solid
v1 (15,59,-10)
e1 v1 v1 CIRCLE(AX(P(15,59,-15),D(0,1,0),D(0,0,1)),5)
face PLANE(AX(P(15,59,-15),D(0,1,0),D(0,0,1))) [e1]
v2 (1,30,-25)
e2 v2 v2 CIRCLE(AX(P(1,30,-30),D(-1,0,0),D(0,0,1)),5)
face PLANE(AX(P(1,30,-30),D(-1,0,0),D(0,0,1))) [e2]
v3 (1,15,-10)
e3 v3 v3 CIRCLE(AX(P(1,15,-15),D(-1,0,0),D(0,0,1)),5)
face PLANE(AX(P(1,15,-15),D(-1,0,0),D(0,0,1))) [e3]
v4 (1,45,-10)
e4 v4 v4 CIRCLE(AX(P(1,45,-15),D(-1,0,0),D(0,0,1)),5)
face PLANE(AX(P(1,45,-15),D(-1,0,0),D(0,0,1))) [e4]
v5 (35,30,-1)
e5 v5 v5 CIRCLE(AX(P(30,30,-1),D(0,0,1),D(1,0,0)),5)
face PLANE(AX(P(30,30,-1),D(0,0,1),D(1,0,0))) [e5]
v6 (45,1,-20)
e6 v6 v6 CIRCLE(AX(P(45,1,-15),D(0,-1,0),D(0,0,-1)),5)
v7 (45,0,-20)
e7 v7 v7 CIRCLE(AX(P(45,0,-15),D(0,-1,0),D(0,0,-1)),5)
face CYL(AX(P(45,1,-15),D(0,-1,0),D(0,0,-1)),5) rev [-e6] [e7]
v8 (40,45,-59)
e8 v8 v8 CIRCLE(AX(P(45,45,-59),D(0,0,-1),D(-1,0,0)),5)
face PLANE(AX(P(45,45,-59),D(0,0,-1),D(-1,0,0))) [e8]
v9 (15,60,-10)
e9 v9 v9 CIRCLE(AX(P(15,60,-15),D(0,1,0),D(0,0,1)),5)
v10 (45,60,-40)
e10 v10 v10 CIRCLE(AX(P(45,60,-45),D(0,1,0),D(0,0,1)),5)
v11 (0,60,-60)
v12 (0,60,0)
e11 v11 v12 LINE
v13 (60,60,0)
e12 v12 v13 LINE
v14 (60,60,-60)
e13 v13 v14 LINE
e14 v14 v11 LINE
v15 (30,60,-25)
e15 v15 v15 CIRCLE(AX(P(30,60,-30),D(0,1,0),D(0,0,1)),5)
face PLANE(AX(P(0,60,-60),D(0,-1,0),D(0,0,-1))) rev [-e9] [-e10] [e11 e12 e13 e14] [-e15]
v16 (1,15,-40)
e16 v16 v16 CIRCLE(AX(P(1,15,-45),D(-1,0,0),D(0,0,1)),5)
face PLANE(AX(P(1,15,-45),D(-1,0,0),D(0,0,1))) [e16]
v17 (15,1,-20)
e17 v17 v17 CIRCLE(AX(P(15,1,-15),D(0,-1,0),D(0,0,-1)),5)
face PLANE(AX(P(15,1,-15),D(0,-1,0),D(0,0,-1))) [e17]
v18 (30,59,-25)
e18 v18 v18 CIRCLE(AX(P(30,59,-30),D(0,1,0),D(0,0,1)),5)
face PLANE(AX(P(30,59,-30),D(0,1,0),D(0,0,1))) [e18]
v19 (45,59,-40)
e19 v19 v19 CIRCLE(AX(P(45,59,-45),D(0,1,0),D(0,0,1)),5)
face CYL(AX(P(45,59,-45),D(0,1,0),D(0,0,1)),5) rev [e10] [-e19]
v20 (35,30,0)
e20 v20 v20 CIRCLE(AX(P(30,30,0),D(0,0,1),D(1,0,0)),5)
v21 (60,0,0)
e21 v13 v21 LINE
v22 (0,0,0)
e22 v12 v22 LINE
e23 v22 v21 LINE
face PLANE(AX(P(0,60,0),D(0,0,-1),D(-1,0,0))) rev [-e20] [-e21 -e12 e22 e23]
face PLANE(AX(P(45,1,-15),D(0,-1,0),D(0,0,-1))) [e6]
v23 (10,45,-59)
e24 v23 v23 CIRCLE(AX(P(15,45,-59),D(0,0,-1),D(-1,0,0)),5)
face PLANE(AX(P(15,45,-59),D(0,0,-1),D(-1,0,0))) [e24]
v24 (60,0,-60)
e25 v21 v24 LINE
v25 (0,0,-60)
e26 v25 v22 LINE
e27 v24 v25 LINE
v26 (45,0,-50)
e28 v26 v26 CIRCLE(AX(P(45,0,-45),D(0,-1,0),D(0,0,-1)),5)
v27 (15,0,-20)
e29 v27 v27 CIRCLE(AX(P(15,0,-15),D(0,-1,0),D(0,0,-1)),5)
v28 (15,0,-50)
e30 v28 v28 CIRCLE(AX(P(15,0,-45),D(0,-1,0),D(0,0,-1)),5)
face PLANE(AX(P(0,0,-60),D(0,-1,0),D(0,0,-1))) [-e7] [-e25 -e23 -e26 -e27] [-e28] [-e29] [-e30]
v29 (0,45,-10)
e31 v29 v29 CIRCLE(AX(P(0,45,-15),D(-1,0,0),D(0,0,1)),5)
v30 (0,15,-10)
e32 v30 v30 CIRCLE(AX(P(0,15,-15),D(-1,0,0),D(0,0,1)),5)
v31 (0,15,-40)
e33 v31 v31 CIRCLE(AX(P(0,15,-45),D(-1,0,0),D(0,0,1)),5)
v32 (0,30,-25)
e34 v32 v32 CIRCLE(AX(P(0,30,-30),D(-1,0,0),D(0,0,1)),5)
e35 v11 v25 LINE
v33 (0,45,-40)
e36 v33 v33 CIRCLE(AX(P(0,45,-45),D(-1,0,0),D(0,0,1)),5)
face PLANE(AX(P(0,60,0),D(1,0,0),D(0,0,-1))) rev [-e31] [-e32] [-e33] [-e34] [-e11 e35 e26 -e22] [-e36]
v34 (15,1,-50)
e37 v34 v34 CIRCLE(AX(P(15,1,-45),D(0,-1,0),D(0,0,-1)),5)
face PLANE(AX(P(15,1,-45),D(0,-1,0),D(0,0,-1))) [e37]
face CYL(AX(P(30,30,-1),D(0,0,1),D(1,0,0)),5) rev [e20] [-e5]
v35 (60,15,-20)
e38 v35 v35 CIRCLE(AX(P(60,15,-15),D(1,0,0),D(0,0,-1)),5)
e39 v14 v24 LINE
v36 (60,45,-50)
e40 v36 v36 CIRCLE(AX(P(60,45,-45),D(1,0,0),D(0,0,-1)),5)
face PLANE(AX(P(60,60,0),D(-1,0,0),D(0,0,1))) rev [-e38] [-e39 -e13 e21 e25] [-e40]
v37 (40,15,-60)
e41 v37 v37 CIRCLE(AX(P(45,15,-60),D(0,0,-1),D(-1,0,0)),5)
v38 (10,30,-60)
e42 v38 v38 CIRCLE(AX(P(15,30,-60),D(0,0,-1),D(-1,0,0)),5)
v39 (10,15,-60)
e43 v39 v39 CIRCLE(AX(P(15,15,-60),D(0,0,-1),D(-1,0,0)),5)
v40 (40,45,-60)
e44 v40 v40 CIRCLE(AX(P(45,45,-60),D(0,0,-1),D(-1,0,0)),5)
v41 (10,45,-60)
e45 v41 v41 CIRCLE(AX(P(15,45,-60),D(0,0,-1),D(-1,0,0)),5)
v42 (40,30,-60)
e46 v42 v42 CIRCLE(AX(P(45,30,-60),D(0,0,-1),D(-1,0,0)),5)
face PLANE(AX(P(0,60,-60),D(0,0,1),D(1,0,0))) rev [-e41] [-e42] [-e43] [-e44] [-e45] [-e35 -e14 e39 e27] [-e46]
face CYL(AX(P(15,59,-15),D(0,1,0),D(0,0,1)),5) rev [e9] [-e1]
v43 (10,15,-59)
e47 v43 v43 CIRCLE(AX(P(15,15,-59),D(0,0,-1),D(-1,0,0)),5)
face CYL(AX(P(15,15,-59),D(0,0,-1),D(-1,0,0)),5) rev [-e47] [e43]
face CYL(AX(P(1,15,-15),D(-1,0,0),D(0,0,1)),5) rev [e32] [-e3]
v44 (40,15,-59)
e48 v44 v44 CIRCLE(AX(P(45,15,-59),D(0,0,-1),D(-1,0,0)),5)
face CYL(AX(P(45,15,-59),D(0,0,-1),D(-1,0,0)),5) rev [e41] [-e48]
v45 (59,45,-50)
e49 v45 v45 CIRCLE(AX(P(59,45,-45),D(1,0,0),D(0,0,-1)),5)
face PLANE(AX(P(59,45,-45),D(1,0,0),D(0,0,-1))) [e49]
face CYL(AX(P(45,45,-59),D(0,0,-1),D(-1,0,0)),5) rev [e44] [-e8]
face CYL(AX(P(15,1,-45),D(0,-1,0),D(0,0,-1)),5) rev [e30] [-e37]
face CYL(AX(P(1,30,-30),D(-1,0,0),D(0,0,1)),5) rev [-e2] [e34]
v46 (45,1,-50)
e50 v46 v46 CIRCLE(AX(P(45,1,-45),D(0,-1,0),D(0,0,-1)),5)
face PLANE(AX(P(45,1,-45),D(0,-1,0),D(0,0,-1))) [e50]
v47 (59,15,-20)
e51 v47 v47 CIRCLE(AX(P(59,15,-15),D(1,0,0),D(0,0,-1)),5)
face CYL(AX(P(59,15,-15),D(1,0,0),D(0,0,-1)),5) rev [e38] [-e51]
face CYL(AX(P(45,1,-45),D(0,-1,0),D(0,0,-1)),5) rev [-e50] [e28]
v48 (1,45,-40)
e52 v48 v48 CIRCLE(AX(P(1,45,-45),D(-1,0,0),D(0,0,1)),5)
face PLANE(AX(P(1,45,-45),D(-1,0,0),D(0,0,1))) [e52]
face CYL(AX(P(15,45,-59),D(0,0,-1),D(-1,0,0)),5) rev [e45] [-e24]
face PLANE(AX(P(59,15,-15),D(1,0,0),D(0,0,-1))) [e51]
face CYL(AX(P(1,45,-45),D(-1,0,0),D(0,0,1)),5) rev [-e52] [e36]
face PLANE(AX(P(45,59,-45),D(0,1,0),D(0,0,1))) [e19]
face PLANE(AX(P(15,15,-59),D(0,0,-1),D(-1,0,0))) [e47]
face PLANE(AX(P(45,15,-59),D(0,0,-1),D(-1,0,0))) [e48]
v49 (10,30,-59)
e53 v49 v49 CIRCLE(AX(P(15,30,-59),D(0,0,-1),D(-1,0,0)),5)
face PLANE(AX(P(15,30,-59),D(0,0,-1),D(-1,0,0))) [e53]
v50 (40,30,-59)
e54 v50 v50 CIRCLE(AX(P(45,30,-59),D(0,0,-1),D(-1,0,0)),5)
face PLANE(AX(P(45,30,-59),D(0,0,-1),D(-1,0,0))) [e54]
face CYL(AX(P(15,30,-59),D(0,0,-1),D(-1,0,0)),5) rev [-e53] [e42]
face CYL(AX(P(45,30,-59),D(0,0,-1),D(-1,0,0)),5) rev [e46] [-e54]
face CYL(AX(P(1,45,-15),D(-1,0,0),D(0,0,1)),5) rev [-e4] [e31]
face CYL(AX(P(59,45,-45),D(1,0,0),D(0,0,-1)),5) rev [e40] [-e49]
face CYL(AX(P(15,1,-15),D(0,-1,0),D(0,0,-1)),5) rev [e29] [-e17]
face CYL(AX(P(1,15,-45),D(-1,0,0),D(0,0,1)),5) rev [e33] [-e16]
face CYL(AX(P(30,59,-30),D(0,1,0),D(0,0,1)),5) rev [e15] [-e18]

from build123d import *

# Parameters (mm, degrees)
SKETCH1_W          = 60
SKETCH1_H          = 60
EXTRUDE1_DEPTH     = 60
SKETCH2_R          = 5
CUT_EXTRUDE1_DEPTH = 1
SKETCH3_R          = 5
CUT_EXTRUDE2_DEPTH = 1
SKETCH4_R          = 5
CUT_EXTRUDE3_DEPTH = 1
SKETCH5_R          = 5
CUT_EXTRUDE4_DEPTH = 1
SKETCH6_R          = 5
CUT_EXTRUDE5_DEPTH = 1
SKETCH7_R          = 5
CUT_EXTRUDE6_DEPTH = 1


with BuildPart() as part:
    # Sketch1 → Extrude1 (new body)
    with BuildSketch(Plane(origin=(0, 0, 0), x_dir=(1, 0, 0), z_dir=(0, 1, 0))):
        with Locations((30, 30)):
            Rectangle(SKETCH1_W, SKETCH1_H)
    extrude(amount=EXTRUDE1_DEPTH)

    # Sketch2 → Cut-Extrude1 (cut)
    with BuildSketch(Plane(origin=(0, 60, 0), x_dir=(-1, 0, 0), z_dir=(0, 1, 0))):
        with Locations(Location((-45, -45, 0), (0, 0, 90))):  # turned: the seam where the file's is
            Circle(SKETCH2_R)
        with Locations(Location((-30, -30, 0), (0, 0, 90))):  # turned: the seam where the file's is
            Circle(SKETCH2_R)
        with Locations(Location((-15, -15, 0), (0, 0, 90))):  # turned: the seam where the file's is
            Circle(SKETCH2_R)
    extrude(amount=-CUT_EXTRUDE1_DEPTH, mode=Mode.SUBTRACT)

    # Sketch3 → Cut-Extrude2 (cut)
    with BuildSketch(Plane(origin=(60, 0, 0), x_dir=(0, 0, -1), z_dir=(1, 0, 0))):
        with Locations((45, 45)):
            Circle(SKETCH3_R)
        with Locations((15, 15)):
            Circle(SKETCH3_R)
    extrude(amount=-CUT_EXTRUDE2_DEPTH, mode=Mode.SUBTRACT)

    # Sketch4 → Cut-Extrude3 (cut)
    with BuildSketch(Plane.XY):
        with Locations((30, 30)):
            Circle(SKETCH4_R)
    extrude(amount=-CUT_EXTRUDE3_DEPTH, mode=Mode.SUBTRACT)

    # Sketch5 → Cut-Extrude4 (cut)
    with BuildSketch(Plane(origin=(0, 0, -60), x_dir=(-1, 0, 0), z_dir=(0, 0, -1))):
        with Locations((-15, 45)):
            Circle(SKETCH5_R)
        with Locations((-15, 30)):
            Circle(SKETCH5_R)
        with Locations((-15, 15)):
            Circle(SKETCH5_R)
        with Locations((-45, 45)):
            Circle(SKETCH5_R)
        with Locations((-45, 30)):
            Circle(SKETCH5_R)
        with Locations((-45, 15)):
            Circle(SKETCH5_R)
    extrude(amount=-CUT_EXTRUDE4_DEPTH, mode=Mode.SUBTRACT)

    # Sketch6 → Cut-Extrude5 (cut)
    with BuildSketch(Plane.ZY):
        with Locations((-30, 30)):
            Circle(SKETCH6_R)
        with Locations(Location((-45, 45, 0), (0, 0, 180))):  # turned: the seam where the file's is
            Circle(SKETCH6_R)
        with Locations((-15, 45)):
            Circle(SKETCH6_R)
        with Locations((-45, 15)):
            Circle(SKETCH6_R)
        with Locations(Location((-15, 15, 0), (0, 0, 180))):  # turned: the seam where the file's is
            Circle(SKETCH6_R)
    extrude(amount=-CUT_EXTRUDE5_DEPTH, mode=Mode.SUBTRACT)

    # Sketch7 → Cut-Extrude6 (cut)
    with BuildSketch(Plane.XZ):
        with Locations(Location((15, -45, 0), (0, 0, 270))):  # turned: the seam where the file's is
            Circle(SKETCH7_R)
        with Locations(Location((15, -15, 0), (0, 0, 90))):  # turned: the seam where the file's is
            Circle(SKETCH7_R)
        with Locations(Location((45, -45, 0), (0, 0, 90))):  # turned: the seam where the file's is
            Circle(SKETCH7_R)
        with Locations(Location((45, -15, 0), (0, 0, 270))):  # turned: the seam where the file's is
            Circle(SKETCH7_R)
    extrude(amount=-CUT_EXTRUDE6_DEPTH, mode=Mode.SUBTRACT)


solid = part.part
